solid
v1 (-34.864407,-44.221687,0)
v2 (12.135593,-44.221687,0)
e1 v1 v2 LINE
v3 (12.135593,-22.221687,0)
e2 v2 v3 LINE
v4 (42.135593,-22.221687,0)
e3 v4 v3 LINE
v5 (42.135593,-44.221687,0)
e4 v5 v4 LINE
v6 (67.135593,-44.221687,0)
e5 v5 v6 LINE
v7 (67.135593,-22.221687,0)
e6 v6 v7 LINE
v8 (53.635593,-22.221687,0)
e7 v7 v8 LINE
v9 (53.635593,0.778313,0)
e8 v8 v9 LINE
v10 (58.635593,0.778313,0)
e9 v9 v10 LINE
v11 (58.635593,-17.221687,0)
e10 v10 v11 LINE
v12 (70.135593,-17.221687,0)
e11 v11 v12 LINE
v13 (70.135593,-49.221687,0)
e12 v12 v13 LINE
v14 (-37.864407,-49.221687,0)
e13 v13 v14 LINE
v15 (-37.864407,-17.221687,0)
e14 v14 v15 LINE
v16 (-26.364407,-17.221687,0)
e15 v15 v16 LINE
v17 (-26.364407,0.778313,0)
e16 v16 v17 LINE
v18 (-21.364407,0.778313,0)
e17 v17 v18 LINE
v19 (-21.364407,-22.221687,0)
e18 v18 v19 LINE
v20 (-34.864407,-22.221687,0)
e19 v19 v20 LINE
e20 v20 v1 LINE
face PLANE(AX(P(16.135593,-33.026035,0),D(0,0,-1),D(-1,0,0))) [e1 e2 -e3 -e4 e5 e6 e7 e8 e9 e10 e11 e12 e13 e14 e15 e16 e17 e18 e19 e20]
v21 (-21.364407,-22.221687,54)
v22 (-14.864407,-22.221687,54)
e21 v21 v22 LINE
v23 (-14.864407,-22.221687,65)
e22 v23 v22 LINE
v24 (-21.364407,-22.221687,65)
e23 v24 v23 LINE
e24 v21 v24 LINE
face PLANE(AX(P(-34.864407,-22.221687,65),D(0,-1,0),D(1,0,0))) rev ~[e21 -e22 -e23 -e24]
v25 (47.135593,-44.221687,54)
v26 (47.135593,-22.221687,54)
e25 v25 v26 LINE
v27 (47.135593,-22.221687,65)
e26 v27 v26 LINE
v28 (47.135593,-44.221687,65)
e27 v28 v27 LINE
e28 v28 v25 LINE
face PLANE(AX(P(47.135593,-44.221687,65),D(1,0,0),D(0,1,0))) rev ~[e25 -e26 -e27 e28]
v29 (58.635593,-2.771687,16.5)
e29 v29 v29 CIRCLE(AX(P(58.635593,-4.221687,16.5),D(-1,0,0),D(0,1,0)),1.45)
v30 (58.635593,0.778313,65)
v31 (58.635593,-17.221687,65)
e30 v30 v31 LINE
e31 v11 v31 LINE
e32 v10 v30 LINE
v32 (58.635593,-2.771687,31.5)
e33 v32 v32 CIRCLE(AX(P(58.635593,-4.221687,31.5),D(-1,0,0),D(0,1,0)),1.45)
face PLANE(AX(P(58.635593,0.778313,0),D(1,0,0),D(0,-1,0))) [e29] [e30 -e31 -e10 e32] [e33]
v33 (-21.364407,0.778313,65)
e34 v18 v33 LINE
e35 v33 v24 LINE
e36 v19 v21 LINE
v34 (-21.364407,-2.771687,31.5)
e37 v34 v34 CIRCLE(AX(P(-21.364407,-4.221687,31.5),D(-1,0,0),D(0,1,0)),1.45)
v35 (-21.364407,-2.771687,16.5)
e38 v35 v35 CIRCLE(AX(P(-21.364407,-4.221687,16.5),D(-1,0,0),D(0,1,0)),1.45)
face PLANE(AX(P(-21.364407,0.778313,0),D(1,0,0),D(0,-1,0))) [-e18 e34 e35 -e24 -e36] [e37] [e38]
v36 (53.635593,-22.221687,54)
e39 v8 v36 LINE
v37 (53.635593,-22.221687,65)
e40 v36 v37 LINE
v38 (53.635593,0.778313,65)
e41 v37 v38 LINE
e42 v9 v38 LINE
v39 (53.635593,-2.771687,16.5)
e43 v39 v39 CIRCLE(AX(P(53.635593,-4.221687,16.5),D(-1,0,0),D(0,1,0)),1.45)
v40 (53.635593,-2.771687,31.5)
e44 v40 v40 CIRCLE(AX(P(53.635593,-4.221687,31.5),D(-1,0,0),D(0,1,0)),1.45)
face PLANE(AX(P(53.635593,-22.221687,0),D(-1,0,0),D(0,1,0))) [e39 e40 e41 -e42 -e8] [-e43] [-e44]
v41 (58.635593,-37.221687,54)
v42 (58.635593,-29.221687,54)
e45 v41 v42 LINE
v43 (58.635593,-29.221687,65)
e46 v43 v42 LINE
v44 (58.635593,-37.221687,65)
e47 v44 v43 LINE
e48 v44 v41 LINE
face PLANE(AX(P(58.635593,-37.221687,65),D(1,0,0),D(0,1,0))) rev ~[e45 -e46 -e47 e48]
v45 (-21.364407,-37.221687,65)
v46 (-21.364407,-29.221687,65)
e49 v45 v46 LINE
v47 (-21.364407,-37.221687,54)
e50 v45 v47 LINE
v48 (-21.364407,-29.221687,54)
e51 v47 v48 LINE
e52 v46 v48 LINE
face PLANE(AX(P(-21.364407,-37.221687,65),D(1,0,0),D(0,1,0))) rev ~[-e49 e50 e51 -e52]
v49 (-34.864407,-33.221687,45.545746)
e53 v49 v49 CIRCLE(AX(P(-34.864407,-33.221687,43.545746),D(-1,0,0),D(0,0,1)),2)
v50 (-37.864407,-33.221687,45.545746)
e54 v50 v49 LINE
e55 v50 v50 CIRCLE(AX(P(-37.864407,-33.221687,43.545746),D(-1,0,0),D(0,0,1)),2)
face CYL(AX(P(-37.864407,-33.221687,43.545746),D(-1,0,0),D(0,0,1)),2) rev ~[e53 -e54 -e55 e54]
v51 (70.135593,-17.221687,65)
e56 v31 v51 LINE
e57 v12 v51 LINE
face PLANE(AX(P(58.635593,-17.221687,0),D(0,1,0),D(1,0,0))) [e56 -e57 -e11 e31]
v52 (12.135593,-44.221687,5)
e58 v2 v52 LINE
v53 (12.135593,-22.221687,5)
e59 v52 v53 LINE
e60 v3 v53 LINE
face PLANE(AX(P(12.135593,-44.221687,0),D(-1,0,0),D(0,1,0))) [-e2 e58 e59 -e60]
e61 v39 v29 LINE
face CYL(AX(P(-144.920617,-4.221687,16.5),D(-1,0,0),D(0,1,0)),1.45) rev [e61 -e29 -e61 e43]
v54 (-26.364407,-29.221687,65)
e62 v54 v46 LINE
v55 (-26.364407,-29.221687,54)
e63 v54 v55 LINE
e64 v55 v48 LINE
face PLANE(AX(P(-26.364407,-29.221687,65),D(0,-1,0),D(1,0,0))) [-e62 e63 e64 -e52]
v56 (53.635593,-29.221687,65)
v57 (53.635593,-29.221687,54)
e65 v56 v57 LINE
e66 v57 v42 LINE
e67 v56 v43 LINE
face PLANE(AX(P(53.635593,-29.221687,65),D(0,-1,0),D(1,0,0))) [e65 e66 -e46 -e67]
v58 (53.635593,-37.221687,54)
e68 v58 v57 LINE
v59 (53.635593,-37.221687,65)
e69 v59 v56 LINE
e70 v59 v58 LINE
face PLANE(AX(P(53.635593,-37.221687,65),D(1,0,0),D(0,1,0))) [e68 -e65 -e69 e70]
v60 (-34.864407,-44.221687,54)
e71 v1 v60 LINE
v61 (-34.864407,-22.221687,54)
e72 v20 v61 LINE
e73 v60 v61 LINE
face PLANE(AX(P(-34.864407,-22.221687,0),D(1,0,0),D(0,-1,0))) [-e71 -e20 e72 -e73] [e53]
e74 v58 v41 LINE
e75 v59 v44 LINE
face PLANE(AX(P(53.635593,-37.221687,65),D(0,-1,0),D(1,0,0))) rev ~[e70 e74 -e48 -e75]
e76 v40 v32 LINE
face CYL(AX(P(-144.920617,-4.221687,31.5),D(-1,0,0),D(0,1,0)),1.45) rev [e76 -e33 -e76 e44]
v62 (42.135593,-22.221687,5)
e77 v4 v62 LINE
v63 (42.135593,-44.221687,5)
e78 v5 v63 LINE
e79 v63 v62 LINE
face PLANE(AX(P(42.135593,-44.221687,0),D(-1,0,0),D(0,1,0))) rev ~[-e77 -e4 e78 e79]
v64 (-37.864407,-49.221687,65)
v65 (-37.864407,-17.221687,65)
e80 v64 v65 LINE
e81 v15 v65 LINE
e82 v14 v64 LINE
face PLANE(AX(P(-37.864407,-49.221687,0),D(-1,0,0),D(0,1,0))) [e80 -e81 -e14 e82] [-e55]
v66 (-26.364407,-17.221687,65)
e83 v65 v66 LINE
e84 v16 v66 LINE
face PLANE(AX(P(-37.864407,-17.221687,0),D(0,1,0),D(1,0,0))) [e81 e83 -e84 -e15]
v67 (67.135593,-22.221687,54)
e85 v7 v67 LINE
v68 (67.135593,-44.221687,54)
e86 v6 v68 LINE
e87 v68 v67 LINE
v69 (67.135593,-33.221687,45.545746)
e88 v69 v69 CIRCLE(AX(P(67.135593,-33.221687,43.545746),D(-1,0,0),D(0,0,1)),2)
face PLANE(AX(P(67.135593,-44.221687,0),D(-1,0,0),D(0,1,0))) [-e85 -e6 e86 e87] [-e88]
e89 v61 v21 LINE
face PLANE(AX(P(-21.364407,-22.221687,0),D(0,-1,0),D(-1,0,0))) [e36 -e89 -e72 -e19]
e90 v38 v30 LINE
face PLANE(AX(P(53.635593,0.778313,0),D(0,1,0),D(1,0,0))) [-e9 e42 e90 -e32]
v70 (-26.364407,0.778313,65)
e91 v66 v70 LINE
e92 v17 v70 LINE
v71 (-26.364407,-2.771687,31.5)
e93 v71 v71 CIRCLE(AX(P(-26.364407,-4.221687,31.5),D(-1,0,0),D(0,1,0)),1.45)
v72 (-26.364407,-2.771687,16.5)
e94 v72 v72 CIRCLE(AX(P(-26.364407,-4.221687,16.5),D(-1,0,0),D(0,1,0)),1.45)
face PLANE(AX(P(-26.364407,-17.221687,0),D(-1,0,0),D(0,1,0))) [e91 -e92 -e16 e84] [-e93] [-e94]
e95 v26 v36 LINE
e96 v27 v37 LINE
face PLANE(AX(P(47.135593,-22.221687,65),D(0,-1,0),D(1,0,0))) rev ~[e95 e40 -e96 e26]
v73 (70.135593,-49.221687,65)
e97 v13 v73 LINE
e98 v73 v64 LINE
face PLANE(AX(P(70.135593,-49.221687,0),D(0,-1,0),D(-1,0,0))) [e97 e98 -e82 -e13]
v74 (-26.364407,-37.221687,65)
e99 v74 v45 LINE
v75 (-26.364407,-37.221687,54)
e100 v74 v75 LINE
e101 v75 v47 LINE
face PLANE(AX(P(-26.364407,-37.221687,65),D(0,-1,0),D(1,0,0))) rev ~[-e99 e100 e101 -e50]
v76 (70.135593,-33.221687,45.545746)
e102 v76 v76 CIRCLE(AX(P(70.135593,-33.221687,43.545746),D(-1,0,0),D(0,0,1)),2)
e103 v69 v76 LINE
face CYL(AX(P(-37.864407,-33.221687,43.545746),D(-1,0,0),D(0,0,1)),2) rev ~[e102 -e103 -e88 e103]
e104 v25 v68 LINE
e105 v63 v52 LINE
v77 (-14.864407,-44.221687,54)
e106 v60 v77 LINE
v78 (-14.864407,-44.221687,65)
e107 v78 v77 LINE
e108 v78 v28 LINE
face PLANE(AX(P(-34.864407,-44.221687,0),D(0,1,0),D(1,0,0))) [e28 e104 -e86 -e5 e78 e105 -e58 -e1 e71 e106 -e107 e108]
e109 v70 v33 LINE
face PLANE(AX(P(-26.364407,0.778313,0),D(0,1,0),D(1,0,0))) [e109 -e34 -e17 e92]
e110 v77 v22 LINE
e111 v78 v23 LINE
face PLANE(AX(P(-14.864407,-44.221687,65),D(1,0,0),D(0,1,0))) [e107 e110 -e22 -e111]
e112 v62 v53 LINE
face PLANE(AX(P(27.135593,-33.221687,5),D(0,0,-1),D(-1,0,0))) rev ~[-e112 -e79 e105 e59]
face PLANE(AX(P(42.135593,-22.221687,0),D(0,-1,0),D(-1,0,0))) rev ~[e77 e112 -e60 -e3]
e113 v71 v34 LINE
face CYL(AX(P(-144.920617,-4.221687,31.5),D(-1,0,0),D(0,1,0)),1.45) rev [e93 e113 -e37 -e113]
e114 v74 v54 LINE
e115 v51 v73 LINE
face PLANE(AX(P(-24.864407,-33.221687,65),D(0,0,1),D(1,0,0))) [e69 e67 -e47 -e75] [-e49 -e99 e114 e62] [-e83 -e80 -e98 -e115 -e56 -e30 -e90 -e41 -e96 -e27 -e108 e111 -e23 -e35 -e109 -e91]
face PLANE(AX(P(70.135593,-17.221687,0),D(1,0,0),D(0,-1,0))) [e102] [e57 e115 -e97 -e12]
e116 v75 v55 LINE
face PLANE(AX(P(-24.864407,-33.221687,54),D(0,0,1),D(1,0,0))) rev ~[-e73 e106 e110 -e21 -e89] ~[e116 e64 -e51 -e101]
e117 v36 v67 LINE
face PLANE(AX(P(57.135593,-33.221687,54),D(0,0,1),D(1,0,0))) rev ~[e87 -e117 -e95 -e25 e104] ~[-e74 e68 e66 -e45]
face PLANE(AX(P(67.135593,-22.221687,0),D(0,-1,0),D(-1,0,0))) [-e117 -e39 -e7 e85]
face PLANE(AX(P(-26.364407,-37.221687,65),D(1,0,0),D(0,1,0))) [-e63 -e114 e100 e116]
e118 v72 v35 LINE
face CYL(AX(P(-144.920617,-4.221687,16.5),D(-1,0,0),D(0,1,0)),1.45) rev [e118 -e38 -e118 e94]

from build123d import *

# Parameters (mm, degrees)
EXTRUDE_1_DEPTH          = 65
SKETCH_3_R               = 2
CUT_EXTRUDE_2_DEPTH      = 136.321005452
SKETCH_4_W               = 30
SKETCH_4_H               = 22
EXTRUDE_2_DEPTH          = 5
CUT_EXTRUDE_4_DEPTH      = 123.556209621
CUT_EXTRUDE_4_DEPTH_BACK = 123.556209621
SKETCH_9_R               = 1.45
SKETCH_10_W              = 20
SKETCH_10_H              = 22
SKETCH_10_W_2            = 5
SKETCH_10_H_2            = 8
EXTRUDE_6_DEPTH          = 11


with BuildPart() as part:
    # 草圖1 → 填料-伸長1 (new body)
    with BuildSketch(Plane.XY):
        Polygon((-26.364407373, 0.778312538), (-21.364407373, 0.778312538), (-21.364407373, -22.221687462), (-34.864407373, -22.221687462), (-34.864407373, -44.221687462), (67.135592627, -44.221687462), (67.135592627, -22.221687462), (53.635592627, -22.221687462), (53.635592627, 0.778312538), (58.635592627, 0.778312538), (58.635592627, -17.221687462), (70.135592627, -17.221687462), (70.135592627, -49.221687462), (-37.864407373, -49.221687462), (-37.864407373, -17.221687462), (-26.364407373, -17.221687462), align=None)
    extrude(amount=EXTRUDE_1_DEPTH)

    # 草圖3 → 除料-伸長2 (cut, through all)
    with BuildSketch(Plane.ZY.offset(37.864407373)):
        with Locations((43.545745688, -33.221687462)):
            Circle(SKETCH_3_R)
    extrude(amount=-CUT_EXTRUDE_2_DEPTH, mode=Mode.SUBTRACT)

    # 草圖4 → 填料-伸長2 (add)
    with BuildSketch(Plane(origin=(0, 0, 0), x_dir=(-1, 0, 0), z_dir=(0, 0, -1))):
        with Locations((-27.135592627, -33.221687462)):
            Rectangle(SKETCH_4_W, SKETCH_4_H)
    extrude(amount=-EXTRUDE_2_DEPTH)

    # 草圖9 → 除料-伸長4 (cut, two sides: drawn at the far end of the back side and taken through both)
    with BuildSketch(Plane(origin=(-21.364407373, 0, 0), x_dir=(0, 0, -1), z_dir=(1, 0, 0)).offset(-CUT_EXTRUDE_4_DEPTH_BACK)):
        with Locations(Location((-31.5, -4.221687462, 0), (0, 0, 90))):
            Circle(SKETCH_9_R)
        with Locations(Location((-16.5, -4.221687462, 0), (0, 0, 90))):
            Circle(SKETCH_9_R)
    extrude(amount=CUT_EXTRUDE_4_DEPTH + CUT_EXTRUDE_4_DEPTH_BACK, mode=Mode.SUBTRACT)

    # 草圖10 → 填料-伸長6 (add)
    # profile 1 of 2: a face of its own
    with BuildSketch(Plane.XY.offset(65)):
        with Locations((-24.864407373, -33.221687462)):
            Rectangle(SKETCH_10_W, SKETCH_10_H)
        with Locations((-23.864407373, -33.221687462)):
            Rectangle(SKETCH_10_W_2, SKETCH_10_H_2, mode=Mode.SUBTRACT)
    # profile 2 of 2: a face of its own
    with BuildSketch(Plane.XY.offset(65)):
        with Locations((57.135592627, -33.221687462)):
            Rectangle(SKETCH_10_W, SKETCH_10_H)
        with Locations((56.135592627, -33.221687462)):
            Rectangle(SKETCH_10_W_2, SKETCH_10_H_2, mode=Mode.SUBTRACT)
    extrude(amount=-EXTRUDE_6_DEPTH)


solid = part.part
